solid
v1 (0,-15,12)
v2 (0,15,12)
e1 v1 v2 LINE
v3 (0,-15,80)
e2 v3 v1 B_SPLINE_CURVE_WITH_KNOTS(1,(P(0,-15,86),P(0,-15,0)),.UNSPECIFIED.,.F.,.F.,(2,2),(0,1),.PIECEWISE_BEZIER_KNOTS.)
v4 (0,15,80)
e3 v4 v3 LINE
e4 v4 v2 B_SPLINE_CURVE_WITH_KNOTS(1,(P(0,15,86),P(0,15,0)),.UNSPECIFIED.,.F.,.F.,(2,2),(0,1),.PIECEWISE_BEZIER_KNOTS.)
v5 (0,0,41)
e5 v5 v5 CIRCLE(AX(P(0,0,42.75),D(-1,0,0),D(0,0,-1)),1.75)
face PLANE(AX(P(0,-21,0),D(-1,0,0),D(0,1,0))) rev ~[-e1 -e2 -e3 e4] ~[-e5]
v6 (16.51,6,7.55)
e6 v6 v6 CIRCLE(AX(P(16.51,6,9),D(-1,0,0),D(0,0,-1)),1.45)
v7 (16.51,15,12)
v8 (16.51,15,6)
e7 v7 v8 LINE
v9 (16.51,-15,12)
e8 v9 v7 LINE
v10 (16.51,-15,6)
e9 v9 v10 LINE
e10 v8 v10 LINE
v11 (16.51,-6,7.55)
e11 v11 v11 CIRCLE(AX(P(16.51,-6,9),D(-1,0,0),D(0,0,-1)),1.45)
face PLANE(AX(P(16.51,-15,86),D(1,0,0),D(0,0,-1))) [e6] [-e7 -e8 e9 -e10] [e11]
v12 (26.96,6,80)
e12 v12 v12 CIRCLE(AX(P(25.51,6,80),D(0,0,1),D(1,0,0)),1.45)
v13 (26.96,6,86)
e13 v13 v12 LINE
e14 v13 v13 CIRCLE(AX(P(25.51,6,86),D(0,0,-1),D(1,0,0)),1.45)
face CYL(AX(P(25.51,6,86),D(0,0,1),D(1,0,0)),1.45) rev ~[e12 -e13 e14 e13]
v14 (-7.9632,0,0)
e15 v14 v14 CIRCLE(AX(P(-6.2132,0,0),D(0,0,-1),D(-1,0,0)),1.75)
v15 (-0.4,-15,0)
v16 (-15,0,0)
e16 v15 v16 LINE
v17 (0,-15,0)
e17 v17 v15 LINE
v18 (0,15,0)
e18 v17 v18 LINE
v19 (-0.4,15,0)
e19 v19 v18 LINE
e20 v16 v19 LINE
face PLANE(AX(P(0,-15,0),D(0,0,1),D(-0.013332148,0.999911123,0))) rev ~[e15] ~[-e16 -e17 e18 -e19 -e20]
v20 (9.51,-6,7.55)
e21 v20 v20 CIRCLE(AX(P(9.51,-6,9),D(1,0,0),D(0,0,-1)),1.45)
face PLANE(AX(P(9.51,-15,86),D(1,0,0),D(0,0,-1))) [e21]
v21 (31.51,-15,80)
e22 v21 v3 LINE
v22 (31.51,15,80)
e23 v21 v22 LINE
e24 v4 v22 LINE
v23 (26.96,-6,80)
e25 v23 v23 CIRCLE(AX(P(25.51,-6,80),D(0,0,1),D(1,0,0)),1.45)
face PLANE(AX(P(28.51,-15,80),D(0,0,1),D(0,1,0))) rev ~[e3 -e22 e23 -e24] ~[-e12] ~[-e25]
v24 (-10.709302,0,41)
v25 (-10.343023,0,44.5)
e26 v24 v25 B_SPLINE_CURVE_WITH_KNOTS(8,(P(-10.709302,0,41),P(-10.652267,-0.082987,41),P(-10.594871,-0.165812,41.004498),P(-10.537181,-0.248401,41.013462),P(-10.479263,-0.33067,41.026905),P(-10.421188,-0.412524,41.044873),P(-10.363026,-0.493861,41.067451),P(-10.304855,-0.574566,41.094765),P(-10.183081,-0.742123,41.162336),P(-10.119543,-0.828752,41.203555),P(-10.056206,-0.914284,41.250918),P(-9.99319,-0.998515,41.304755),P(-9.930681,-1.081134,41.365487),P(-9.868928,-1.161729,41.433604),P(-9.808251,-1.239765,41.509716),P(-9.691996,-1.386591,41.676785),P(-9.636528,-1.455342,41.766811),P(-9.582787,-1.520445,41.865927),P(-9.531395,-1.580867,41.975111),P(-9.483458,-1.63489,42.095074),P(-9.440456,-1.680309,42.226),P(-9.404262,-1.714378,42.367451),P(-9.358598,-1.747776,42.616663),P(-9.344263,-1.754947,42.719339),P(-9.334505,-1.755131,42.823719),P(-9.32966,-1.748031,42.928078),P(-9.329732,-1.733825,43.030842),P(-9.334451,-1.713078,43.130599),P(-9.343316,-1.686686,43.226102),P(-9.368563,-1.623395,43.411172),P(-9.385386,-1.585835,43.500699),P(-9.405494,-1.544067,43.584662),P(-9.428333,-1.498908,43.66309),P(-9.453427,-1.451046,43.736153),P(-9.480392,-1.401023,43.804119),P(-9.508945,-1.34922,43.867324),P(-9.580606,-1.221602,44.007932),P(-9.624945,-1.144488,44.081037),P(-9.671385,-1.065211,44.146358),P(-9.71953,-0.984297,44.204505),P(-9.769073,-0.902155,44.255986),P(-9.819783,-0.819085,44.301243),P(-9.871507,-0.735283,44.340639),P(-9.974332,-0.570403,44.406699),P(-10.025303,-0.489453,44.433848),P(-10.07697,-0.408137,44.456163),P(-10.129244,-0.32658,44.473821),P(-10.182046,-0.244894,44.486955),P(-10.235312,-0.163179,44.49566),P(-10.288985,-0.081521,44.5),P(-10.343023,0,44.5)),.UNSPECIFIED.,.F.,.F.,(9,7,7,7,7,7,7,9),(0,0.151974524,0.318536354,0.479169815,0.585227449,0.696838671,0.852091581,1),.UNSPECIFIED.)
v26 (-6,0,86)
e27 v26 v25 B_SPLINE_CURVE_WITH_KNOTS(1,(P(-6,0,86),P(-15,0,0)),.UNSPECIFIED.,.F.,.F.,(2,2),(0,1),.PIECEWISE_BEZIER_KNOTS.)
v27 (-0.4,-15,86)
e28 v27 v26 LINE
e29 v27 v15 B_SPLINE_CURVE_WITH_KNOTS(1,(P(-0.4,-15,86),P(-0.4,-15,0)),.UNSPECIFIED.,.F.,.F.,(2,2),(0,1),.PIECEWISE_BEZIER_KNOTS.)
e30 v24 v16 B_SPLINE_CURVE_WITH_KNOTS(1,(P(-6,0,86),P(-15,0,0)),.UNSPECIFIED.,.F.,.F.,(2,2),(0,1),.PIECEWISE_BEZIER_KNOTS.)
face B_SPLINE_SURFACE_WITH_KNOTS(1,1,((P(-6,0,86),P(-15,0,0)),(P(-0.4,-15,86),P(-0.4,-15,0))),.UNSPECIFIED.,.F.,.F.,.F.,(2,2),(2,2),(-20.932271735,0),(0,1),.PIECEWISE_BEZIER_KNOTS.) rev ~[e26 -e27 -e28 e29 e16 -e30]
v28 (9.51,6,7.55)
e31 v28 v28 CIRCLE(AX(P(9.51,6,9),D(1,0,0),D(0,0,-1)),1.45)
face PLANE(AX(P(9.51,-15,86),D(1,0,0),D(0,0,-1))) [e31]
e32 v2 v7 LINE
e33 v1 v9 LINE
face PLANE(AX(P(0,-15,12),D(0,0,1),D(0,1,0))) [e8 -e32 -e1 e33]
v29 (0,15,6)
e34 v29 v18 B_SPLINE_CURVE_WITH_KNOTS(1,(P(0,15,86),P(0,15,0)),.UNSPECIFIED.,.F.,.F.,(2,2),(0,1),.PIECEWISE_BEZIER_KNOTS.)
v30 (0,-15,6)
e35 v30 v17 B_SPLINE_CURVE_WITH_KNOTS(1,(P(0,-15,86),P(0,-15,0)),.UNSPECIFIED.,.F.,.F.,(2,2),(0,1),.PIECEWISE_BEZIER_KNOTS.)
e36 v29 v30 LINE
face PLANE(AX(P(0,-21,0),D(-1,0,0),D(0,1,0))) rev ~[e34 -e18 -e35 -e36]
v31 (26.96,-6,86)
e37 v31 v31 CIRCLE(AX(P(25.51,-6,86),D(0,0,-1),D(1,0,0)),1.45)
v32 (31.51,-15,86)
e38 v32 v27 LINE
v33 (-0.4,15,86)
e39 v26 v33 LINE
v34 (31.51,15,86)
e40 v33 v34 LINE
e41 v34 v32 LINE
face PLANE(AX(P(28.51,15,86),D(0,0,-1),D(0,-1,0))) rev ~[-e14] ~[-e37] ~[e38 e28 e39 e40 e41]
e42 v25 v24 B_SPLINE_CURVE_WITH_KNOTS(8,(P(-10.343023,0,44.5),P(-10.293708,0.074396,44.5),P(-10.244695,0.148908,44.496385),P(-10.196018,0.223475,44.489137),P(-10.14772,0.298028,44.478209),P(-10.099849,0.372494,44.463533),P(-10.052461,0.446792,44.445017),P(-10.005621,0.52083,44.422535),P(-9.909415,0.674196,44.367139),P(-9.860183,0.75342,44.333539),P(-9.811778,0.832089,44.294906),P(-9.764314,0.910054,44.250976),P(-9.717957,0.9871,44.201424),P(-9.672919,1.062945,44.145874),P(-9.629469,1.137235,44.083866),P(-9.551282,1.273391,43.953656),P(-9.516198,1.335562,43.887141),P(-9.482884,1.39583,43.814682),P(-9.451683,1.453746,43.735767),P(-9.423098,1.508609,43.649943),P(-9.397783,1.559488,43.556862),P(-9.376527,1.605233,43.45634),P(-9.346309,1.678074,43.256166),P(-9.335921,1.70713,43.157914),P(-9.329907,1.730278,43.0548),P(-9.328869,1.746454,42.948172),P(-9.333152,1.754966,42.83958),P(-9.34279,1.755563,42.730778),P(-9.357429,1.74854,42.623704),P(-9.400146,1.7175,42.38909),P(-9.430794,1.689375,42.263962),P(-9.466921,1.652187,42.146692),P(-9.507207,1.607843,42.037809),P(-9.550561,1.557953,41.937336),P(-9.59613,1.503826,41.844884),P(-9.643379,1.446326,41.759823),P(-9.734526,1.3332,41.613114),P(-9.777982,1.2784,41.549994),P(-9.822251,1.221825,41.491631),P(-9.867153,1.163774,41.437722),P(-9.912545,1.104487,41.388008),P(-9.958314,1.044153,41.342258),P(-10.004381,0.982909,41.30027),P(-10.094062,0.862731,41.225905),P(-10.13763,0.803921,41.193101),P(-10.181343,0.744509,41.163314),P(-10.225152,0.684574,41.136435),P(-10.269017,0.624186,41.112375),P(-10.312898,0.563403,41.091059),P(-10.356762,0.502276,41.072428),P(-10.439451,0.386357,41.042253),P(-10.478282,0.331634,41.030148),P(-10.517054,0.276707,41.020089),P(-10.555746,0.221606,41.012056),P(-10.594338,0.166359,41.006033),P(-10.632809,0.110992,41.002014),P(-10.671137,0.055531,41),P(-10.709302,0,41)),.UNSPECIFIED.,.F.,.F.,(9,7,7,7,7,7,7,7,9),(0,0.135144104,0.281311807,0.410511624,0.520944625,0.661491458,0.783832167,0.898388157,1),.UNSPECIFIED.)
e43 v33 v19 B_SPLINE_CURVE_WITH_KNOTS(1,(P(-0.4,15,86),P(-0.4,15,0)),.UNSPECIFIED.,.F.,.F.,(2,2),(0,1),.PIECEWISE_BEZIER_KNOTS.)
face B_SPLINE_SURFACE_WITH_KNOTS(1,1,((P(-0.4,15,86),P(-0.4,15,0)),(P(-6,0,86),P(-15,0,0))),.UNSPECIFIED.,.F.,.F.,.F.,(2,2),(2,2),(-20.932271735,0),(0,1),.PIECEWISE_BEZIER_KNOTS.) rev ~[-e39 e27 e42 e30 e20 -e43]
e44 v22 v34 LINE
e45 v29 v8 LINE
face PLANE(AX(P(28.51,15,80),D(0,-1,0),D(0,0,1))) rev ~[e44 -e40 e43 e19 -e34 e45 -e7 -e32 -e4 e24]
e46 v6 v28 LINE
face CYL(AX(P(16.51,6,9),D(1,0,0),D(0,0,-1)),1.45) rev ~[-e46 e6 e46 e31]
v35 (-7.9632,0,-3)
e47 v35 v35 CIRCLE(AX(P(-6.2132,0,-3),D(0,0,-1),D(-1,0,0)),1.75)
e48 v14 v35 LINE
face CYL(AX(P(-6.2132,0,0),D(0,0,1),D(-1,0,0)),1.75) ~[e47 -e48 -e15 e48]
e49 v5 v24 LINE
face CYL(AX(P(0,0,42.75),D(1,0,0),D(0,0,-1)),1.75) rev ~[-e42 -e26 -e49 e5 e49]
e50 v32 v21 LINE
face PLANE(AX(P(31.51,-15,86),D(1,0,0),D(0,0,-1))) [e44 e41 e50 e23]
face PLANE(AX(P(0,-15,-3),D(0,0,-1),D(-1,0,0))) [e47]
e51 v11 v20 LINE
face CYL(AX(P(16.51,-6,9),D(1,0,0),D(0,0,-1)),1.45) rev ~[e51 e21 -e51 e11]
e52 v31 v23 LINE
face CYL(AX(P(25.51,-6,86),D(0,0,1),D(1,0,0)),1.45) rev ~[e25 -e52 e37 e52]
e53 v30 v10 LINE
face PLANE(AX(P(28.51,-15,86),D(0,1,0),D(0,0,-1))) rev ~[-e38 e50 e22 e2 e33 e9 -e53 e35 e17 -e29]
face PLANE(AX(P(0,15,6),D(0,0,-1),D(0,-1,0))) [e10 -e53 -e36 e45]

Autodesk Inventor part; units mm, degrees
ref_plane "YZ Plane" through (0, 0, 0) normal (1, 0, 0) x (0, 1, 0)
ref_plane "XZ Plane" through (0, 0, 0) normal (0, 1, 0) x (-1, 0, 0)
sketch "Sketch1" plane through (0, 0, 0) normal (0, 0, 1) x (1, 0, 0)
  line L0 (0, -21) -> (0, 21) projected
  line L1 (0, 15) -> (0, -15)
  line L2 (0, -15) -> (-0.4, -15)
  line L3 (-0.4, -15) -> (-15, 0)
  line L4 (-15, 0) -> (-0.4, 15)
  line L5 (-0.4, 15) -> (0, 15)
  point P0 (0, 0)
  point P1 (0, 0)
  dimension "d1" = 30
  dimension "d5" = 15
  dimension "d50" = 0.4
  dimension "d51" = 15
ref_plane "Work Plane1" through (0, 0, 86) normal (0, 0, 1) x (1, 0, 0)
sketch "Sketch2" plane through (0, 0, 86) normal (0, 0, 1) x (1, 0, 0)
  line L0 (0, -21) -> (0, 21) projected
  line L1 (0, 15) -> (0, -15)
  line L2 (0, -15) -> (-0.4, -15)
  line L3 (-0.4, -15) -> (-6, 0)
  line L4 (-6, 0) -> (-0.4, 15)
  line L5 (-0.4, 15) -> (0, 15)
  point P0 (0, 0)
  dimension "d3" = 30
  dimension "d6" = 15
  dimension "d52" = 0.4
  dimension "d53" = 6
loft "Loft1" add profiles "Sketch2", "Sketch1"
sketch "Sketch3" plane through (0, -15, 86) normal (1, 0, 0) x (0, 0, -1)
  line L0 (0, 30) -> (86, 30) projected
  line L1 (0, 0) -> (86, 0) projected
  line L2 (0, 30) -> (6, 30)
  line L3 (6, 30) -> (6, 0)
  line L4 (6, 0) -> (0, 0)
  line L5 (0, 0) -> (0, 30)
  line L6 (74, 30) -> (80, 30)
  line L7 (80, 30) -> (80, 0)
  line L8 (80, 0) -> (74, 0)
  line L9 (74, 0) -> (74, 30)
  point P0 (86, 15)
  point P1 (74, 0)
  dimension "d11" = 6
  dimension "d12" = 6
  dimension "d13" = 6
extrude "Extrusion1" add sketch "Sketch3" along normal blind 16.51 contours L0 L3 L1 L5 | L0 L7 L1 L9
sketch "Sketch4" plane through (0, -15, 80) normal (1, 0, 0) x (0, 0, -1)
  circle A0 centre (37.25, 15) radius 1.75
  line L0 (-6, 30) -> (-6, 0) projected
  line L1 (-6, 15) -> (80, 15) projected
  dimension "d16" = 43.25
  dimension "d17" = 3.5
extrude "Extrusion2" cut sketch "Sketch4" against normal through all
sketch "Sketch5" plane through (0, -15, 0) normal (0, 0, -1) x (-1, 0, 0)
  line L0 (0, 0) -> (0, 30) projected
  circle A0 centre (6.2132, 15) radius 6.2132
  line L1 (15, 15) -> (0, 0) projected
  line L2 (0, 30) -> (15, 15) projected
  line L3 (0, 0) -> (0, 30) projected
  circle A1 centre (6.2132, 15) radius 1.75
  line L4 (0.4, 30) -> (15, 15) projected
  line L5 (0, 30) -> (0.4, 30) projected
  line L6 (0.4, 0) -> (0, 0) projected
  line L7 (15, 15) -> (0.4, 0) projected
  point P0 (0, 15)
  dimension "d20" = 3.5
extrude "Extrusion3" add sketch "Sketch5" along normal blind 3 contours A1
sketch "Sketch6" plane through (16.51, -15, 86) normal (1, 0, 0) x (0, 0, -1)
  line L0 (6, 0) -> (6, 30) projected
  line L1 (6, 30) -> (0, 30) projected
  line L2 (0, 30) -> (0, 0) projected
  line L3 (0, 0) -> (6, 0) projected
  point P0 (86, 15)
extrude "Extrusion4" add sketch "Sketch6" along normal blind 12
sketch "Sketch8" plane through (16.51, -15, 86) normal (1, 0, 0) x (0, 0, -1)
  line L0 (74, 3) -> (80, 3)
  line L1 (74, 0) -> (80, 0) projected
  line L2 (74, 27) -> (80, 27)
  line L3 (80, 30) -> (74, 30) projected
  line L4 (74, 0) -> (74, 30) projected
  line L5 (74, 21) -> (80, 21)
  line L6 (74, 9) -> (80, 9)
  circle A0 centre (77, 21) radius 1.45
  circle A1 centre (77, 9) radius 1.45
  line L7 (80, 0) -> (80, 30) projected
  point P0 (86, 15)
  dimension "d25" = 3
  dimension "d26" = 3
  dimension "d27" = 6
  dimension "d28" = 6
  dimension "d29" = 2.9
  dimension "d30" = 2.9
  dimension "d48" = 3
  dimension "d49" = 3
extrude "Extrusion5" cut sketch "Sketch8" against normal blind 7 contours A1 L6 | L6 A1 | A0 L5 | L5 A0
sketch "Sketch9" plane through (0, -15, 86) normal (0, 0, 1) x (1, 0, 0)
  line L0 (0, 30) -> (28.51, 30) projected
  line L1 (22.51, 30) -> (22.51, 0.0044)
  line L2 (28.51, 30) -> (28.51, 0) projected
  line L3 (28.51, 30) -> (0, 30) projected
  line L4 (-0.4, 0) -> (28.51, 0) projected
  line L5 (28.51, 3) -> (0.1043, 3)
  line L6 (28.51, 27) -> (0.4735, 27)
  line L7 (25.51, 30) -> (25.51, 0)
  line L8 (22.51, 21) -> (28.51, 21)
  line L9 (28.51, 0) -> (28.51, 30) projected
  line L10 (22.51, 9) -> (28.51, 9)
  circle A0 centre (25.51, 21) radius 1.45
  circle A1 centre (25.51, 9) radius 1.45
  point P0 (0, 15)
  point P1 (16.51, 0)
  point P2 (16.51, 30)
  point P3 (0, 0)
  dimension "d33" = 6
  dimension "d35" = 3
  dimension "d36" = 3
  dimension "d43" = 3
  dimension "d44" = 6
  dimension "d45" = 6
  dimension "d46" = 2.9
  dimension "d47" = 2.9
extrude "Extrusion6" cut sketch "Sketch9" against normal up to surface (6 mm away) contours A0 L8 L7 | L7 L8 A0 | L8 L7 A0 | L8 A0 L7 | A1 L7 L10 | L10 L7 A1 | L10 A1 L7 | L7 A1 L10
sketch "Sketch10" plane through (28.51, -15, 86) normal (1, 0, 0) x (0, 0, -1)
  line L0 (6, 30) -> (0, 30) projected
  line L1 (0, 30) -> (0, 0) projected
  line L2 (0, 0) -> (6, 0) projected
  line L3 (6, 0) -> (6, 30) projected
  point P0 (86, 15)
extrude "Extrusion7" add sketch "Sketch10" along normal blind 3
equation "\"d1\" = Height"
equation "\"d5\" = 0.5 * Height"
equation "\"d51\" = SideArmorWidth"
equation "\"d3\" = Height"
equation "\"d6\" = 0.5 * Height"
equation "\"d53\" = SideThickness"
equation "\"d11\" = SideThickness"
equation "\"d12\" = SideThickness"
equation "\"d13\" = SideThickness"
equation "\"d14\" = WheelWidth"
equation "\"d16\" = DriveMotorOffset + SideThickness"
equation "\"d17\" = DriveMotorHoleDia"
equation "\"d20\" = ForkPlugDia"
equation "\"d21\" = ForkPlugLength"
equation "\"d23\" = 2 * SideThickness"
equation "\"d25\" = BaseThickness"
equation "\"d26\" = BaseThickness"
equation "\"d27\" = SideThickness"
equation "\"d28\" = SideThickness"
equation "\"d29\" = ScrewDia"
equation "\"d30\" = ScrewDia"
equation "\"d48\" = 0.5 * SideThickness"
equation "\"d49\" = 0.5 * SideThickness"
equation "\"d31\" = ScrewDepth"
equation "\"d33\" = SideThickness"
equation "\"d35\" = BaseThickness"
equation "\"d36\" = BaseThickness"
equation "\"d43\" = 0.5 * SideThickness"
equation "\"d44\" = SideThickness"
equation "\"d45\" = SideThickness"
equation "\"d46\" = ScrewDia"
equation "\"d47\" = ScrewDia"
equation "\"d2\" = BoxLength + SideThickness"
equation "\"Height\" = 30"
equation "\"SideArmorWidth\" = 15"
equation "\"SideThickness\" = 6"
equation "\"WheelWidth\" = 16.51"
equation "\"DriveMotorOffset\" = 37.25"
equation "\"DriveMotorHoleDia\" = 3.5"
equation "\"ForkPlugDia\" = 3.5"
equation "\"ForkPlugLength\" = 3"
equation "\"BaseThickness\" = 3"
equation "\"ScrewDia\" = 2.9"
equation "\"ScrewDepth\" = 7"
equation "\"BoxLength\" = 80"
properties part number "BodyWedgeSideV3.1" material "Thermoplastic Resin"
